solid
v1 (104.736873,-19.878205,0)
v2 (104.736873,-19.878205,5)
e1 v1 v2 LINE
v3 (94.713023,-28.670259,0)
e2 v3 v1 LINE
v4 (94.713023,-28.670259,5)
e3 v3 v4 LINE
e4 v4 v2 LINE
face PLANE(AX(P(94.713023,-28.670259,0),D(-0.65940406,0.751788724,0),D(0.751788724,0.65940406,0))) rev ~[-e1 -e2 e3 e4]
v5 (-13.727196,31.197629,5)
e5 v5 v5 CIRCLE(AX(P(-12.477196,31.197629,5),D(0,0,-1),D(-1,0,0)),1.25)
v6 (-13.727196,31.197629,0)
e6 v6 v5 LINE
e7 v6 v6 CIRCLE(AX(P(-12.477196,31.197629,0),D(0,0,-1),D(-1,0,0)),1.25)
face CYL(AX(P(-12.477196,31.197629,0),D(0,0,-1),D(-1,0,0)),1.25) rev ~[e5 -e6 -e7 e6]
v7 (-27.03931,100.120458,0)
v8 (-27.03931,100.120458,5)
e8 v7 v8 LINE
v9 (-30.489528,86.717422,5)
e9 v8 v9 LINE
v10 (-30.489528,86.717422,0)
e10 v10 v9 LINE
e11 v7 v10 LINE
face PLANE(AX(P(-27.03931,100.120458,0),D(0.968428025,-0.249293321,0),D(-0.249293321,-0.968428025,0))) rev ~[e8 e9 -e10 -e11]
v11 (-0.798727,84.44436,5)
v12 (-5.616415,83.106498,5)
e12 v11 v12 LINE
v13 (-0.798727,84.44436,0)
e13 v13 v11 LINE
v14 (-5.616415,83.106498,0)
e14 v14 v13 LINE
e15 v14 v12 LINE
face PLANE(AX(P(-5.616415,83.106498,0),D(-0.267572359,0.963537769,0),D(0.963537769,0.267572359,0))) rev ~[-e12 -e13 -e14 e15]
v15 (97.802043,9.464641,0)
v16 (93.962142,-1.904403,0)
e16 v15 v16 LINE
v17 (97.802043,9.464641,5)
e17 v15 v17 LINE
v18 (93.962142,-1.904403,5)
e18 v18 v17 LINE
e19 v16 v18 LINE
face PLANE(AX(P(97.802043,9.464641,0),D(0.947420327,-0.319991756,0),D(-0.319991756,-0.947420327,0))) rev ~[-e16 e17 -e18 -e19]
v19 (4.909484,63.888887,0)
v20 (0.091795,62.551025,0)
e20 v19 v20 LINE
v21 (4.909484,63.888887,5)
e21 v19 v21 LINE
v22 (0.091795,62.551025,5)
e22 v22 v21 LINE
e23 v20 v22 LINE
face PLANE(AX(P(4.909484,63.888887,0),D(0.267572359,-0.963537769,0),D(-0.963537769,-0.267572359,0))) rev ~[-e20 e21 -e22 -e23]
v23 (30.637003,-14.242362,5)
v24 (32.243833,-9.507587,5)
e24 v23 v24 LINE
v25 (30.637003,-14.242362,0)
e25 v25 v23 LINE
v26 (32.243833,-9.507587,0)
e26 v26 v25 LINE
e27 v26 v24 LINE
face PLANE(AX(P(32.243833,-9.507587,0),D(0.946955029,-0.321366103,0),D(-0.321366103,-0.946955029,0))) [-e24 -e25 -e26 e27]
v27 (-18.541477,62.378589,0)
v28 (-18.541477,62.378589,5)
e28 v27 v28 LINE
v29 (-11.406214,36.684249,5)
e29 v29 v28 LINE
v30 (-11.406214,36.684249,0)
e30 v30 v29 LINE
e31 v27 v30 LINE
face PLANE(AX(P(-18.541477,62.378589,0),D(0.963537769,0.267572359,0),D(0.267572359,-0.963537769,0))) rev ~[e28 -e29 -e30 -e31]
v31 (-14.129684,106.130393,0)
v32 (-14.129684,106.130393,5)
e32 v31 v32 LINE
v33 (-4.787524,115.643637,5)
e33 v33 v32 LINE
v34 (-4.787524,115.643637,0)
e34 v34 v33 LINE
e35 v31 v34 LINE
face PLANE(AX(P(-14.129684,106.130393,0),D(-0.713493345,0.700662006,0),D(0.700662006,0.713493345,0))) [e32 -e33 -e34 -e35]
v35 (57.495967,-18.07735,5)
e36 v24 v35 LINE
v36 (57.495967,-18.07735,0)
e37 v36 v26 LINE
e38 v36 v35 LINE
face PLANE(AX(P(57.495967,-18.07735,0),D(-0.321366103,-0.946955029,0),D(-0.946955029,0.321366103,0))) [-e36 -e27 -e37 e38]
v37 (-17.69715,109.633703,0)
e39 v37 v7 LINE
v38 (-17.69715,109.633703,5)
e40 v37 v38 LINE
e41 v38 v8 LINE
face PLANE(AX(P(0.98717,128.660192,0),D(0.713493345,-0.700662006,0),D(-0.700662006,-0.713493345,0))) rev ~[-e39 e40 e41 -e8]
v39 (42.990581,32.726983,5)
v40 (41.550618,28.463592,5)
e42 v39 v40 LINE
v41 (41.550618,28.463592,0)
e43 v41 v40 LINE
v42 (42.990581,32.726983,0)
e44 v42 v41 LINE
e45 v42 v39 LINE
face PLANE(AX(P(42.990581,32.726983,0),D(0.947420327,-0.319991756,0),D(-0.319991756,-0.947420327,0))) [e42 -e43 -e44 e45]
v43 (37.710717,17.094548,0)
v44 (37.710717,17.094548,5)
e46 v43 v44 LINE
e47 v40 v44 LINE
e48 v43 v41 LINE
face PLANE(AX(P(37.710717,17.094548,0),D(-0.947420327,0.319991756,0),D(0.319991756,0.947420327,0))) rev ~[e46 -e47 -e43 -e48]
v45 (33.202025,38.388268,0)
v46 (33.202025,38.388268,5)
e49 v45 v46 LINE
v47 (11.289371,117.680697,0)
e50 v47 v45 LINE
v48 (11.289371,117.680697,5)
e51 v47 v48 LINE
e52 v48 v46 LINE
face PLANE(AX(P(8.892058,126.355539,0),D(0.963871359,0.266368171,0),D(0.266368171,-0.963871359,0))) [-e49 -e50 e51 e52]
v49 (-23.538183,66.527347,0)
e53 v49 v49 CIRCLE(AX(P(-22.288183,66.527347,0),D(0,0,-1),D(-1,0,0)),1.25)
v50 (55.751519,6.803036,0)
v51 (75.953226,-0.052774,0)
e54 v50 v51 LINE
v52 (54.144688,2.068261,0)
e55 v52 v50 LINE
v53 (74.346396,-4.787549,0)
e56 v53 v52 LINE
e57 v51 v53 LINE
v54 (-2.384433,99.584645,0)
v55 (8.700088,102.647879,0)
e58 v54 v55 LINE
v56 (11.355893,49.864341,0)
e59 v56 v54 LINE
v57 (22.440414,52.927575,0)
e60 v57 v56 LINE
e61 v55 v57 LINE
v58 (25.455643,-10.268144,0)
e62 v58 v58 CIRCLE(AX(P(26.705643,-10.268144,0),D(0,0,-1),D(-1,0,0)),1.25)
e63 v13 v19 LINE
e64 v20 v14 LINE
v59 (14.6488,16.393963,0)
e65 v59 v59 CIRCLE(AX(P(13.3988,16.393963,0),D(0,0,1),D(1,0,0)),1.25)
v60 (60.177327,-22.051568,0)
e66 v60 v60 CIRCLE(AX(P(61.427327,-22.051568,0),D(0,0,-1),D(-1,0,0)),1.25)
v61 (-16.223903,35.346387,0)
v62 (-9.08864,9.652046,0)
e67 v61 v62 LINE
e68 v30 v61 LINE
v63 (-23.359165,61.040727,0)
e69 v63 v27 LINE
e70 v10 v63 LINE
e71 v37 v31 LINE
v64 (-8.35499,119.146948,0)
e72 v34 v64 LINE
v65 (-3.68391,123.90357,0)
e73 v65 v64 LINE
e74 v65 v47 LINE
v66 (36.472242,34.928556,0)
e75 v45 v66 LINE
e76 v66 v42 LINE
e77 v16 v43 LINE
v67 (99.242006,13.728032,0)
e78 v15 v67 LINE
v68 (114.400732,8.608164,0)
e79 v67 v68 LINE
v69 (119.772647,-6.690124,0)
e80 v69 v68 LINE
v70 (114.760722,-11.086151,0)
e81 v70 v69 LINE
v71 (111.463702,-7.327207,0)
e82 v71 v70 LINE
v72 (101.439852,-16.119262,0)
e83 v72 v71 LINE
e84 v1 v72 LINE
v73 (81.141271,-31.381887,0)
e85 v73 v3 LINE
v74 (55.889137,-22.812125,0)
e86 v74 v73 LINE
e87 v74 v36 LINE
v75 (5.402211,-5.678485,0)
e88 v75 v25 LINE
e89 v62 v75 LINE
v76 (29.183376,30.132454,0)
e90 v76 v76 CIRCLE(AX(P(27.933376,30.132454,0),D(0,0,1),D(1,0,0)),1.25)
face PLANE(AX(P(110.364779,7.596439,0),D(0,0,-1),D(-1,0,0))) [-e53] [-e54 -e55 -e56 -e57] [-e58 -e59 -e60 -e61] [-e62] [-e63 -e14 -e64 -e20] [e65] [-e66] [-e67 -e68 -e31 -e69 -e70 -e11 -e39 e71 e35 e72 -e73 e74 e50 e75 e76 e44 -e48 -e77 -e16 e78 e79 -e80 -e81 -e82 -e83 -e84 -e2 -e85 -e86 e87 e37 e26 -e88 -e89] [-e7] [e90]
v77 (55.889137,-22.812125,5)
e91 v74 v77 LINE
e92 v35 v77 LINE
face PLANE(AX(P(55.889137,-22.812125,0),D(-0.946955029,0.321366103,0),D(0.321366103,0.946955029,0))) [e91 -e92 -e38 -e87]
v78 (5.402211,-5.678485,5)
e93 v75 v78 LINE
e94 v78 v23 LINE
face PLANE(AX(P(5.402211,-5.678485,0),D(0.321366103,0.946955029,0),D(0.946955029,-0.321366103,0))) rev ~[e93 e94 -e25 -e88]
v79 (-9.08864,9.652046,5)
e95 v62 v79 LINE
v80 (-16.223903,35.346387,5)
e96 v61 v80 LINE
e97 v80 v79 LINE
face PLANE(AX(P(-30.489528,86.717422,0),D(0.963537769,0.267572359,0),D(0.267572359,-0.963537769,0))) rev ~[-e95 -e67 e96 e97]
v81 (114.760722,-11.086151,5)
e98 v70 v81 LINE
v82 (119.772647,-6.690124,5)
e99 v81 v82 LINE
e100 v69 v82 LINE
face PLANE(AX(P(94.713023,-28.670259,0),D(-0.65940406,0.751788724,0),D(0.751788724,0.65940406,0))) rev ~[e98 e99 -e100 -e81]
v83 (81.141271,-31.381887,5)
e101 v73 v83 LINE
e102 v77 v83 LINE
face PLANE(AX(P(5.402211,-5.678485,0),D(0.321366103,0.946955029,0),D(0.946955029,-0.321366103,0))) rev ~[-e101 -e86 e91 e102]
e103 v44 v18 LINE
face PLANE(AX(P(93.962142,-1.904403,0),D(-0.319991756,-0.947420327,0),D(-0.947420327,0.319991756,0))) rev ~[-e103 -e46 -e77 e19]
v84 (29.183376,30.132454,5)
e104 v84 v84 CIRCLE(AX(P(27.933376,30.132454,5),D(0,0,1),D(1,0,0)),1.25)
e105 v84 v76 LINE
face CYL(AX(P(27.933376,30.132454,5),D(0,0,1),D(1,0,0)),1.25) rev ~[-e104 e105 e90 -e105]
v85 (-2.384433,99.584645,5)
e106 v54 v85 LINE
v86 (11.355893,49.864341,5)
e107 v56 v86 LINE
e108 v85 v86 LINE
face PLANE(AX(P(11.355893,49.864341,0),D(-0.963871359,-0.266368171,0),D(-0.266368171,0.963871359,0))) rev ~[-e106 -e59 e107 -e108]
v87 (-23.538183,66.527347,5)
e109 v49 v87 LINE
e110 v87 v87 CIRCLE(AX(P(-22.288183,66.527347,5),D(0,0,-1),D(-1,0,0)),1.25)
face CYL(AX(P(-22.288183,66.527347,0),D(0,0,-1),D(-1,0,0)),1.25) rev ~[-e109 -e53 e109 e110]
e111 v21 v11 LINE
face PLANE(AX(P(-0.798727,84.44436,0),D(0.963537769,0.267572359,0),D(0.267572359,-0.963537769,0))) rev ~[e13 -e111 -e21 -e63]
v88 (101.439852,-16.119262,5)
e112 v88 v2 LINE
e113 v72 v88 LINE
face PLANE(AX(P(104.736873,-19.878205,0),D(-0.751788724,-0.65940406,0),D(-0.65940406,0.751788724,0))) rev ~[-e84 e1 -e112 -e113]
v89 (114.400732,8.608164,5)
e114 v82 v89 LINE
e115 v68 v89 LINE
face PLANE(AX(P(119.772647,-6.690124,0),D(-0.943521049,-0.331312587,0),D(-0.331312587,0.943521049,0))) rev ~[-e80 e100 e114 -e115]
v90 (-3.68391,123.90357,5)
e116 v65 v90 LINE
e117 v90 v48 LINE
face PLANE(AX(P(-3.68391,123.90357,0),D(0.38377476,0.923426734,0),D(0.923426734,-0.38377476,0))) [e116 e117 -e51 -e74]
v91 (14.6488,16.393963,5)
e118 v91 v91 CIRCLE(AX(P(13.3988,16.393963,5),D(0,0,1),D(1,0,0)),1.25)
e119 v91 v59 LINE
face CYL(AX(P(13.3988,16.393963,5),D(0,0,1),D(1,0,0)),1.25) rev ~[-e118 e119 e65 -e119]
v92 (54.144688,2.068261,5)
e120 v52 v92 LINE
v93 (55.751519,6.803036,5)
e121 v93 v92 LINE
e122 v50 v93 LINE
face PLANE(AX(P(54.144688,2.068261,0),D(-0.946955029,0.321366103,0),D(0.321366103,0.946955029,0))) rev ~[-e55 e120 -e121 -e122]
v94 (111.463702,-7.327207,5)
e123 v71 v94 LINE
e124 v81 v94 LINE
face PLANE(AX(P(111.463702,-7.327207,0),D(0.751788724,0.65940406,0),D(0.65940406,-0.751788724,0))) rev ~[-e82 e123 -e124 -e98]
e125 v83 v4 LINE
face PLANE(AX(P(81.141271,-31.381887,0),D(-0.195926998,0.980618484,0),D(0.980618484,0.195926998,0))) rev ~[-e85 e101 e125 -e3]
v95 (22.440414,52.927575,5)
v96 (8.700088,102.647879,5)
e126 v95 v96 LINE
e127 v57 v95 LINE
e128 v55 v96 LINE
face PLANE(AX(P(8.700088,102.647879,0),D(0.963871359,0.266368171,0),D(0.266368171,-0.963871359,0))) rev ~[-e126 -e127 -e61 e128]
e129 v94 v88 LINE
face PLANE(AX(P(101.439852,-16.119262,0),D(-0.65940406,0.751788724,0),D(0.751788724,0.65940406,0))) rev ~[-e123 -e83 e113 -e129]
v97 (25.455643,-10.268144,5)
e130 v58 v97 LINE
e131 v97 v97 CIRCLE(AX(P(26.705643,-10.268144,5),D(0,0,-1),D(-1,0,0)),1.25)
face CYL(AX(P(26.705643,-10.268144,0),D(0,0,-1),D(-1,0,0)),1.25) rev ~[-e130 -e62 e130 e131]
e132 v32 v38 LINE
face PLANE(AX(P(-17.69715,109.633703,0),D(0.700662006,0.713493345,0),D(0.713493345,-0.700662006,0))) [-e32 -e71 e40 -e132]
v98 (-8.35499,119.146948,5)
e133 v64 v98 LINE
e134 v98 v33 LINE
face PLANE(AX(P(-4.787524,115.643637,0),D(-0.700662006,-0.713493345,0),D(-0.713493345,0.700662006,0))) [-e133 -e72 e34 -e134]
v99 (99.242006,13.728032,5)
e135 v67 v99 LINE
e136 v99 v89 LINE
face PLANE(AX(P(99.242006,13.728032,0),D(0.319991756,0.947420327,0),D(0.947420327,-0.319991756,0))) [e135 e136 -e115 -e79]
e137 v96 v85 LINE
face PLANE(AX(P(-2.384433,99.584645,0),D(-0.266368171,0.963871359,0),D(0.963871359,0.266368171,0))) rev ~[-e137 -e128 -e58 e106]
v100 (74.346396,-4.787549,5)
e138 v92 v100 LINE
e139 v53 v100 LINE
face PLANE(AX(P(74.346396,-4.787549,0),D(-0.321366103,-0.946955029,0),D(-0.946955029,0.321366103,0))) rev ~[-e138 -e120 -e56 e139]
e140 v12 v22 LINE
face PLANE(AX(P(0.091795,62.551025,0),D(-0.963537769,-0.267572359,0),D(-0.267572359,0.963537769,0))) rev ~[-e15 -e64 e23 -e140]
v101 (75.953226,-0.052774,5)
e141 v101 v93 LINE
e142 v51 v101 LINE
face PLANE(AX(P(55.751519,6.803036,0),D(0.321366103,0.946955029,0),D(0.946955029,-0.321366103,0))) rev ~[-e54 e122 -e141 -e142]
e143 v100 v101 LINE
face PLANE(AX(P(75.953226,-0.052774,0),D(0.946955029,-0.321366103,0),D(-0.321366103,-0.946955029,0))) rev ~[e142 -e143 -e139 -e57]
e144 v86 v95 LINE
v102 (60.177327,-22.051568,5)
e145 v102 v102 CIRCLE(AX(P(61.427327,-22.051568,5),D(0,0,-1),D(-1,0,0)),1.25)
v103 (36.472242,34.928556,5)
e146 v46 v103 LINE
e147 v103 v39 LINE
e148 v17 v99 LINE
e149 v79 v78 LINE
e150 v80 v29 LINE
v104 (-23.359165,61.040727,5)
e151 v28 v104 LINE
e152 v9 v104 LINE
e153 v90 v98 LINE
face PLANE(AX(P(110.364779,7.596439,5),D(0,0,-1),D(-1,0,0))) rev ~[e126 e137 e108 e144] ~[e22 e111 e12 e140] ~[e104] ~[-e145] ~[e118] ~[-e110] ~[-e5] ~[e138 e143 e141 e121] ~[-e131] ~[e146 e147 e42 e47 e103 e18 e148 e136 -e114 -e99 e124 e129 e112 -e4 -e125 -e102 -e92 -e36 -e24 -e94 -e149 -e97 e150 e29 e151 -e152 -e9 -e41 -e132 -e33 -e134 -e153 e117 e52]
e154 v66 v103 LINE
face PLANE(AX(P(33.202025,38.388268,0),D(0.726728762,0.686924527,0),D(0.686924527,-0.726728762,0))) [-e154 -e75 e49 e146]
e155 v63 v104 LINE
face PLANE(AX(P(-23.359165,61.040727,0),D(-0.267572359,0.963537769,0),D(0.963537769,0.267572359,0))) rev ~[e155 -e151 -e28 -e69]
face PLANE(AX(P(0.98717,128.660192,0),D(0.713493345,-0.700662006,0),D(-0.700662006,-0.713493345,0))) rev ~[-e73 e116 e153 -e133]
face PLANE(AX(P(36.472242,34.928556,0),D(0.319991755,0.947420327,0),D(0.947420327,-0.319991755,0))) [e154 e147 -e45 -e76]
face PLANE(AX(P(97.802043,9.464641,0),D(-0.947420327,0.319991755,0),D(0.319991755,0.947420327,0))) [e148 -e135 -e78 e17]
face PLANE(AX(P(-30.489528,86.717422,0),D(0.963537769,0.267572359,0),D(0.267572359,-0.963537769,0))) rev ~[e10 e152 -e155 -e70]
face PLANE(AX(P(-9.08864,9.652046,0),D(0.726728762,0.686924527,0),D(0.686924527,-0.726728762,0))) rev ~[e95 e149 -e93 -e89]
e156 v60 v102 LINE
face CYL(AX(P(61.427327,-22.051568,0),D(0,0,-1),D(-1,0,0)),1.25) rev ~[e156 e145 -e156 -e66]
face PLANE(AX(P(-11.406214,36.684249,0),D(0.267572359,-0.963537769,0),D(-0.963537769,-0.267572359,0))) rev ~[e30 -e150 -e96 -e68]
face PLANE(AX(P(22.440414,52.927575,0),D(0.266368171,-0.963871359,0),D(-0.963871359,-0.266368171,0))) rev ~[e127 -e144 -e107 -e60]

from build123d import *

# Parameters (mm, degrees)
SALIENTE_EXTRUIR1_DEPTH = 5
CROQUIS2_R              = 1.25
CORTAR_EXTRUIR1_DEPTH   = 10
CORTAR_EXTRUIR2_DEPTH   = 10
CORTAR_EXTRUIR3_DEPTH   = 10
CORTAR_EXTRUIR4_DEPTH   = 22
CORTAR_EXTRUIR5_DEPTH   = 10
SALIENTE_EXTRUIR3_DEPTH = 5
CORTAR_EXTRUIR7_DEPTH   = 5
CROQUIS9_R              = 1.25
CORTAR_EXTRUIR6_DEPTH   = 10


with BuildPart() as part:
    # Croquis1 → Saliente-Extruir1 (new body)
    with BuildSketch(Plane.XY):
        Polygon((94.71302301, -28.670259317), (124.784571975, -2.294096918), (121.487551675, 1.464846702), (33.971255169, 31.023525729), (29.162783478, 36.110627065), (4.554636507, 125.156882092), (0.987169784, 128.660192123), (-27.039310471, 100.120458339), (-30.489528096, 86.717422014), (-9.088639631, 9.652046375), (5.402210696, -5.678484568), (81.141270829, -31.381887447), align=None)
    extrude(amount=SALIENTE_EXTRUIR1_DEPTH)

    # Croquis2 → Cortar-Extruir1 (cut)
    with BuildSketch(Plane.XY.offset(5)):
        with Locations((27.933375513, 30.132453761)):
            Circle(CROQUIS2_R)
        with Locations((13.398800269, 16.393963215)):
            Circle(CROQUIS2_R)
    extrude(amount=-CORTAR_EXTRUIR1_DEPTH, mode=Mode.SUBTRACT)

    # Croquis3 → Cortar-Extruir2 (cut)
    with BuildSketch(Plane(origin=(0, 0, 0), x_dir=(-1, 0, 0), z_dir=(0, 0, -1))):
        Polygon((-93.962142428, -1.904403336), (-37.71071672, 17.094547759), (-41.550617787, 28.463591685), (-97.802043495, 9.46464059), align=None)
    extrude(amount=-CORTAR_EXTRUIR2_DEPTH, mode=Mode.SUBTRACT)

    # Croquis4 → Cortar-Extruir3 (cut)
    with BuildSketch(Plane(origin=(0, 0, 0), x_dir=(-1, 0, 0), z_dir=(0, 0, -1))):
        Polygon((-11.35589305, 49.864341228), (2.384432549, 99.58464479), (-8.700088084, 102.647878755), (-22.440413684, 52.927575193), align=None)
    extrude(amount=-CORTAR_EXTRUIR3_DEPTH, mode=Mode.SUBTRACT)

    # Croquis5 → Cortar-Extruir4 (cut)
    with BuildSketch(Plane(origin=(0, 0, 0), x_dir=(-1, 0, 0), z_dir=(0, 0, -1))):
        Polygon((23.359165427, 61.040727405), (18.541476581, 62.378589198), (11.406213682, 36.684248684), (16.223902529, 35.34638689), align=None)
        Polygon((-55.889136713, -22.812124691), (-57.49596723, -18.077349544), (-32.243833114, -9.507586787), (-30.637002597, -14.242361934), align=None)
        Polygon((-101.439852365, -16.119261564), (-111.46370202, -7.327207431), (-114.76072232, -11.086151051), (-104.736872665, -19.878205184), align=None)
        Polygon((14.129683663, 106.130392902), (4.787523578, 115.643637497), (8.354990301, 119.146947529), (17.697150386, 109.633702934), align=None)
    extrude(amount=-CORTAR_EXTRUIR4_DEPTH, mode=Mode.SUBTRACT)

    # Croquis6 → Cortar-Extruir5 (cut)
    with BuildSketch(Plane(origin=(0, 0, 0), x_dir=(-1, 0, 0), z_dir=(0, 0, -1))):
        Polygon((-55.751519014, 6.80303632), (-75.953226307, -0.052773886), (-74.34639579, -4.787549032), (-54.144688498, 2.068261173), align=None)
        Polygon((0.798726555, 84.444359548), (-4.909483764, 63.888887136), (-0.091794917, 62.551025343), (5.616415401, 83.106497755), align=None)
    extrude(amount=-CORTAR_EXTRUIR5_DEPTH, mode=Mode.SUBTRACT)

    # Croquis10 → Saliente-Extruir3 (add)
    with BuildSketch(Plane(origin=(0, 0, 0), x_dir=(-1, 0, 0), z_dir=(0, 0, -1))):
        Polygon((-121.487551675, 1.464846702), (-97.802043495, 9.46464059), (-99.242006394, 13.728032063), (-122.927514575, 5.728238174), align=None)
        Polygon((-29.162783478, 36.110627065), (-4.554636507, 125.156882092), (-8.892057625, 126.355538861), (-33.202024845, 38.388267562), (-36.472242051, 34.928555747), (-42.990580687, 32.726983158), (-41.550617787, 28.463591685), (-33.971255169, 31.023525729), align=None)
    extrude(amount=-SALIENTE_EXTRUIR3_DEPTH)

    # Croquis11 → Cortar-Extruir7 (cut)
    with BuildSketch(Plane(origin=(0, 0, 0), x_dir=(-1, 0, 0), z_dir=(0, 0, -1))):
        Polygon((-119.772647147, -6.690123985), (-114.40073163, 8.608163974), (-122.927514575, 5.728238174), (-121.487551675, 1.464846702), (-124.784571975, -2.294096918), align=None)
        Polygon((3.683910258, 123.903569826), (-11.289371163, 117.680696626), (-8.892057625, 126.355538861), (-4.554636507, 125.156882092), (-0.987169784, 128.660192123), align=None)
    extrude(amount=-CORTAR_EXTRUIR7_DEPTH, mode=Mode.SUBTRACT)

    # Croquis9 → Cortar-Extruir6 (cut)
    with BuildSketch(Plane(origin=(0, 0, 0), x_dir=(-1, 0, 0), z_dir=(0, 0, -1))):
        with Locations((-26.705642709, -10.268143844)):
            Circle(CROQUIS9_R)
        with Locations((-61.427327118, -22.051567634)):
            Circle(CROQUIS9_R)
        with Locations((12.477196312, 31.19762894)):
            Circle(CROQUIS9_R)
        with Locations((22.288182797, 66.527347148)):
            Circle(CROQUIS9_R)
    extrude(amount=-CORTAR_EXTRUIR6_DEPTH, mode=Mode.SUBTRACT)


solid = part.part
